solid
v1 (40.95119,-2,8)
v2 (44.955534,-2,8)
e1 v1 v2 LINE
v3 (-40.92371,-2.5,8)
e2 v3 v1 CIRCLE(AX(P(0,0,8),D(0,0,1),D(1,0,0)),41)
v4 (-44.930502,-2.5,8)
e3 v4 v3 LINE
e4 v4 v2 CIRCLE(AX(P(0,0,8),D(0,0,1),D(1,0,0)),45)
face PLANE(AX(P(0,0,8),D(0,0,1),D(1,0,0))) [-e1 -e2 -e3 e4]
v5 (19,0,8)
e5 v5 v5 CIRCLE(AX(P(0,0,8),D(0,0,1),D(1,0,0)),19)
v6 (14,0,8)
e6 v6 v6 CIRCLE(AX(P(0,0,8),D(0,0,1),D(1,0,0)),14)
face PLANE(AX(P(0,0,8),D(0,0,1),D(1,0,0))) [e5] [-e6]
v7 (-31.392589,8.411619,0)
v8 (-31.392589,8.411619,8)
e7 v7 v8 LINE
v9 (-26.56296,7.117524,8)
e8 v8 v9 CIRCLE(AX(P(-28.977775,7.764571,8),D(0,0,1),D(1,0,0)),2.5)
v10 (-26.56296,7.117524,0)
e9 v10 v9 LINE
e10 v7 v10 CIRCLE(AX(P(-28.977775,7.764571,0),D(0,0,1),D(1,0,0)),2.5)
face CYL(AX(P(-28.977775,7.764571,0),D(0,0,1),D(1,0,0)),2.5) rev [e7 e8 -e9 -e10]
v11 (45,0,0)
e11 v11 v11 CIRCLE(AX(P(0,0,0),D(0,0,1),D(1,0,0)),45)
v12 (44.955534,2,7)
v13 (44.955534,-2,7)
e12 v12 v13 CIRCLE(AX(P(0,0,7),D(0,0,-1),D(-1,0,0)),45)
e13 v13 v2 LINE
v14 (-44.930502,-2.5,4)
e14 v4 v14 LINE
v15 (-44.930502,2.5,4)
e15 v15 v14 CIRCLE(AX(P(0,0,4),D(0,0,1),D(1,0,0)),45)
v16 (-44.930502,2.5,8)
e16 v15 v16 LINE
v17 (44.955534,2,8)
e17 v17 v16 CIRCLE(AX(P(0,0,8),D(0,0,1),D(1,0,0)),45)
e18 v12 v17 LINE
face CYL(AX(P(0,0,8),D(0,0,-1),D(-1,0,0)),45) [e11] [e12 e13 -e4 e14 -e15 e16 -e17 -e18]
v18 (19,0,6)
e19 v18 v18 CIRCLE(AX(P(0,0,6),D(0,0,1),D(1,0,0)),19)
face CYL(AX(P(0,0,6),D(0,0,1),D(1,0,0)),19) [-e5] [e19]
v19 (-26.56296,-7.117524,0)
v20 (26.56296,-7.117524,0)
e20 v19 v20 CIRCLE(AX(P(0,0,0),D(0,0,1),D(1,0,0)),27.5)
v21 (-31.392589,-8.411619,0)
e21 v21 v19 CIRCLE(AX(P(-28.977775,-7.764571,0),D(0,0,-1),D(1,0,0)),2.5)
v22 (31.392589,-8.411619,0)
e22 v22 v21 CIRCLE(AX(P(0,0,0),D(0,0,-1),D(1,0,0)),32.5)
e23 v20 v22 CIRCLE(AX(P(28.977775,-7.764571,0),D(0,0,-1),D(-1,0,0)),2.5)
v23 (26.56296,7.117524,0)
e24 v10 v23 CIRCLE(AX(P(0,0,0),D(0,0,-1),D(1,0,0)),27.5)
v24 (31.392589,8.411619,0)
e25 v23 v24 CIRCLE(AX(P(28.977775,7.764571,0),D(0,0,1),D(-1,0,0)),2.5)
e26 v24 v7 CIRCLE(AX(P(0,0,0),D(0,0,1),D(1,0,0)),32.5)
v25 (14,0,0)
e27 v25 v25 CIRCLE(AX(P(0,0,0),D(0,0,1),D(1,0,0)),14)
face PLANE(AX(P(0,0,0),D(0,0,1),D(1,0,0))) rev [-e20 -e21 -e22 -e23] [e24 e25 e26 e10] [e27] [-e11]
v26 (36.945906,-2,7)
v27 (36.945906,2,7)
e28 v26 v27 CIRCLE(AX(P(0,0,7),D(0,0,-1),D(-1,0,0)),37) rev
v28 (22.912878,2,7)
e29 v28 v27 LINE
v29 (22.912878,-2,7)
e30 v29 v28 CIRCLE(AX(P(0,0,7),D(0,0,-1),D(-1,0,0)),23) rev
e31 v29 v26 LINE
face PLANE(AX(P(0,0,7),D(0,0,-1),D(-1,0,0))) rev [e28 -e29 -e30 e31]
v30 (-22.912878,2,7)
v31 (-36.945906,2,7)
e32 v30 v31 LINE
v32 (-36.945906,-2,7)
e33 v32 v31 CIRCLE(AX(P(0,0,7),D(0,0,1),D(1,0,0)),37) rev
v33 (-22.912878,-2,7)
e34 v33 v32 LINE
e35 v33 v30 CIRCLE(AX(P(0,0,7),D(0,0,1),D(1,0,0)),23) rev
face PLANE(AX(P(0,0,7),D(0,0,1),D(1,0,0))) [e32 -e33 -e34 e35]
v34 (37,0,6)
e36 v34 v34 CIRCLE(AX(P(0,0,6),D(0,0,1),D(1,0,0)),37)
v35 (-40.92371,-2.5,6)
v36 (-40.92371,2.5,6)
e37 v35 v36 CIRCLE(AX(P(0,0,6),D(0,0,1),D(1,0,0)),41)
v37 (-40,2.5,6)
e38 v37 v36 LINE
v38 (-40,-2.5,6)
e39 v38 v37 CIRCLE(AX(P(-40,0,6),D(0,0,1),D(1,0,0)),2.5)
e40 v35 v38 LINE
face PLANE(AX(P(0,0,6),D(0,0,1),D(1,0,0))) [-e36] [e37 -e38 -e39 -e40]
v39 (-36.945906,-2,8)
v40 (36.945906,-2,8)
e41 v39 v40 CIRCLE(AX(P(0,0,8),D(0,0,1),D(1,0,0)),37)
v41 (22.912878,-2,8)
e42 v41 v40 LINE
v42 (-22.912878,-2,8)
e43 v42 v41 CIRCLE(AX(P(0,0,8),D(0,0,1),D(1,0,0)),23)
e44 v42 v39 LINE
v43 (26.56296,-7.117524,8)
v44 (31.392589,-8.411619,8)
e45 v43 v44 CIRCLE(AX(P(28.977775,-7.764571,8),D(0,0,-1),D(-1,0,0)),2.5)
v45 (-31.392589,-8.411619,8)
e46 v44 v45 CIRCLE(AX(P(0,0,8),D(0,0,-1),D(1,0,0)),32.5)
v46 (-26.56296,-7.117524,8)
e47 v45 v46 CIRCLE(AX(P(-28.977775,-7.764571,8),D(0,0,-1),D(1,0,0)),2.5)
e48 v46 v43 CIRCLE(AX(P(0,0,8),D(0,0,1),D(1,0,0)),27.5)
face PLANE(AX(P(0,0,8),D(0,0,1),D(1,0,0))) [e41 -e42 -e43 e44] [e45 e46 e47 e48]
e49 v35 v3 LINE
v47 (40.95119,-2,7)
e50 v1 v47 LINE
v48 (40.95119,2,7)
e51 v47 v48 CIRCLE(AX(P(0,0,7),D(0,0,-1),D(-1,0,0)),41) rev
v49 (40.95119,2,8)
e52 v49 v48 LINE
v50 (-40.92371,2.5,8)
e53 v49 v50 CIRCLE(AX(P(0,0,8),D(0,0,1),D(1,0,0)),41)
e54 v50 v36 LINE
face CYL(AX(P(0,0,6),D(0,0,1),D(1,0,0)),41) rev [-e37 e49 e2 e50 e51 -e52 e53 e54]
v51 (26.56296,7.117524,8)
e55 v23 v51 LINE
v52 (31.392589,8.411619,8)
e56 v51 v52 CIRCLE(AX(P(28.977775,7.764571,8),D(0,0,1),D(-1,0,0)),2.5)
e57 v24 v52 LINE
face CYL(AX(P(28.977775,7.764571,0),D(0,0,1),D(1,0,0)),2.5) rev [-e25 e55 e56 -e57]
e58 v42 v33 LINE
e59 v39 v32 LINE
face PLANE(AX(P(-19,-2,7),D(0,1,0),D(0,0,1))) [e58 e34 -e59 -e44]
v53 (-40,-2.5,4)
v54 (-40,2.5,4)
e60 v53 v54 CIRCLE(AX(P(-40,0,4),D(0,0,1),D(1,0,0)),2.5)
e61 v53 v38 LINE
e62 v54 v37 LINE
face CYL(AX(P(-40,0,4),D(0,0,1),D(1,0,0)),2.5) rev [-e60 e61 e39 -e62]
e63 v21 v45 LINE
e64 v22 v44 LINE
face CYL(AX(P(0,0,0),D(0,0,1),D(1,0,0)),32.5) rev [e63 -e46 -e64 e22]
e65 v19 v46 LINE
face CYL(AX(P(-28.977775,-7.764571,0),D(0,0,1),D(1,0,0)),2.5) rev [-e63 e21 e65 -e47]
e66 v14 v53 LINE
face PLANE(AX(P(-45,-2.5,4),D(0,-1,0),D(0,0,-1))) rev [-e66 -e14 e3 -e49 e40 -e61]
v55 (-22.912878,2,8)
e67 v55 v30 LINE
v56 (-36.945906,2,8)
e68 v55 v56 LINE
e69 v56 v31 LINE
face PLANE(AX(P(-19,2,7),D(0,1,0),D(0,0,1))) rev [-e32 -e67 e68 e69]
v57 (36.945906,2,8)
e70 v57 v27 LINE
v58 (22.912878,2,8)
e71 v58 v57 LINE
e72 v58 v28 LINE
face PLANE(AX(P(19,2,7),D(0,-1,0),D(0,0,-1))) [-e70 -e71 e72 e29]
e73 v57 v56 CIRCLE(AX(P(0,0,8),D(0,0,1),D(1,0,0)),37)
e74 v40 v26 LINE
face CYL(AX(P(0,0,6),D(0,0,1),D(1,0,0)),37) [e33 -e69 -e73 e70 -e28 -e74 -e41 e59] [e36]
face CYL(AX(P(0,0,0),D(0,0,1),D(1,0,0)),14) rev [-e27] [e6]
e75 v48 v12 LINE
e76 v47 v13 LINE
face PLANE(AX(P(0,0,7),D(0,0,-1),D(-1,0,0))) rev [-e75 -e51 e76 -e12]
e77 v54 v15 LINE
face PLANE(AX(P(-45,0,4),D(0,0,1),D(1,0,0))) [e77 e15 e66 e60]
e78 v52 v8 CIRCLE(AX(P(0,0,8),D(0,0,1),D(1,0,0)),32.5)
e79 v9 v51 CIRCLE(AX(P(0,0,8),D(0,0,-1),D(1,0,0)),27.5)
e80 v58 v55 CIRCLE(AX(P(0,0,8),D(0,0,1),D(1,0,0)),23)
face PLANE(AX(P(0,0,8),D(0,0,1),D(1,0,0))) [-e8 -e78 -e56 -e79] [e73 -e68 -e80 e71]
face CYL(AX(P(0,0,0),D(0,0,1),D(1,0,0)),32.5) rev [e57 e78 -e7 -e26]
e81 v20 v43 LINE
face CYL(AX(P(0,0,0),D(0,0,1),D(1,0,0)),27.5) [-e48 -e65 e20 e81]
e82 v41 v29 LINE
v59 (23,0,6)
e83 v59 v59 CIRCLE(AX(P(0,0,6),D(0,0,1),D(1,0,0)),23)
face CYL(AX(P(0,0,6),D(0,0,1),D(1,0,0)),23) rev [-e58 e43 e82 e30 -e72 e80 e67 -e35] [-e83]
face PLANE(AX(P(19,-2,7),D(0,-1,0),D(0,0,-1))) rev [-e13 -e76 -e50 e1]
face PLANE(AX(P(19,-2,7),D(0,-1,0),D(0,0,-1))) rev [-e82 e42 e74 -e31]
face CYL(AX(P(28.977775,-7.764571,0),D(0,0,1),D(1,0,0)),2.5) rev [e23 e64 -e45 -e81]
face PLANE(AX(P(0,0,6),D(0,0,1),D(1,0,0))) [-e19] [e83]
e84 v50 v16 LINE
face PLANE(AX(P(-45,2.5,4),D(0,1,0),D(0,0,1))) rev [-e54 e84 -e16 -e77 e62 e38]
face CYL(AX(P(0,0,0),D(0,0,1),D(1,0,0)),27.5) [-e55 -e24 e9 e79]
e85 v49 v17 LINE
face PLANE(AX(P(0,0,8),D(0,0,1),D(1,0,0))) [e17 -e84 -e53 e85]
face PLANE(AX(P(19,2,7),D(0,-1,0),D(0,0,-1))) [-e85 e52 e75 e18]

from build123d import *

# Parameters (mm, degrees)
SKETCH_1_R            = 45
EXTRUDE_1_DEPTH       = 8
SKETCH_2_R            = 14
CUT_EXTRUDE_1_DEPTH   = 65.140470843
SKETCH_3_R            = 41
SKETCH_3_R_2          = 37
CUT_EXTRUDE_1_2_DEPTH = 2
CUT_EXTRUDE_2_DEPTH   = 4
CUT_EXTRUDE_3_DEPTH   = 65.140470843
SKETCH_6_R            = 23
SKETCH_6_R_2          = 19
CUT_EXTRUDE_2_2_DEPTH = 2
SKETCH_7_W            = 18
SKETCH_7_H            = 4
SKETCH_7_W_2          = 26
CUT_EXTRUDE_3_2_DEPTH = 1


with BuildPart() as part:
    # 草图1 → 凸台-拉伸1 (new body)
    with BuildSketch(Plane.XY):
        Circle(SKETCH_1_R)
    extrude(amount=EXTRUDE_1_DEPTH)

    # 草图2 → Cut-Extrude 1 (cut, through all)
    with BuildSketch(Plane.XY.offset(8)):
        Circle(SKETCH_2_R)
    extrude(amount=-CUT_EXTRUDE_1_DEPTH, mode=Mode.SUBTRACT)

    # 草图3 → Cut-Extrude 1 2 (cut)
    with BuildSketch(Plane.XY.offset(8)):
        Circle(SKETCH_3_R)
        Circle(SKETCH_3_R_2, mode=Mode.SUBTRACT)
    extrude(amount=-CUT_EXTRUDE_1_2_DEPTH, mode=Mode.SUBTRACT)

    # 草图4 → Cut-Extrude 2 (cut)
    with BuildSketch(Plane.XY.offset(8)):
        with BuildLine():
            Line((-45, 2.5), (-40, 2.5))
            ThreePointArc((-40, 2.5), (-37.5, 0), (-40, -2.5))
            Line((-40, -2.5), (-45, -2.5))
            ThreePointArc((-45, -2.5), (-47.5, 0), (-45, 2.5))
        make_face()
    extrude(amount=-CUT_EXTRUDE_2_DEPTH, mode=Mode.SUBTRACT)

    # 草图5 → Cut-Extrude 3 (cut, through all)
    with BuildSketch(Plane.XY.offset(8)):
        with BuildLine():
            ThreePointArc((31.392589354, 8.411618966), (0, 32.5), (-31.392589354, 8.411618966))
            ThreePointArc((-31.392589354, 8.411618966), (-29.624822401, 5.349756787), (-26.562960223, 7.11752374))
            ThreePointArc((-26.562960223, 7.11752374), (0, 27.5), (26.562960223, 7.11752374))
            ThreePointArc((26.562960223, 7.11752374), (29.624822401, 5.349756787), (31.392589354, 8.411618966))
        make_face()
    cut_extrude_3 = extrude(amount=-CUT_EXTRUDE_3_DEPTH, mode=Mode.SUBTRACT)

    # 镜向1: Cut-Extrude 3 across plane
    add(cut_extrude_3.mirror(Plane.ZX), mode=Mode.SUBTRACT)

    # 草图6 → Cut-Extrude 2 2 (cut)
    with BuildSketch(Plane.XY.offset(8)):
        Circle(SKETCH_6_R)
        Circle(SKETCH_6_R_2, mode=Mode.SUBTRACT)
    extrude(amount=-CUT_EXTRUDE_2_2_DEPTH, mode=Mode.SUBTRACT)

    # 草图7 → Cut-Extrude 3 2 (cut)
    with BuildSketch(Plane.XY.offset(8)):
        with Locations((-28, 0)):
            Rectangle(SKETCH_7_W, SKETCH_7_H)
        with Locations((32, 0)):
            Rectangle(SKETCH_7_W_2, SKETCH_7_H)
    extrude(amount=-CUT_EXTRUDE_3_2_DEPTH, mode=Mode.SUBTRACT)


solid = part.part
